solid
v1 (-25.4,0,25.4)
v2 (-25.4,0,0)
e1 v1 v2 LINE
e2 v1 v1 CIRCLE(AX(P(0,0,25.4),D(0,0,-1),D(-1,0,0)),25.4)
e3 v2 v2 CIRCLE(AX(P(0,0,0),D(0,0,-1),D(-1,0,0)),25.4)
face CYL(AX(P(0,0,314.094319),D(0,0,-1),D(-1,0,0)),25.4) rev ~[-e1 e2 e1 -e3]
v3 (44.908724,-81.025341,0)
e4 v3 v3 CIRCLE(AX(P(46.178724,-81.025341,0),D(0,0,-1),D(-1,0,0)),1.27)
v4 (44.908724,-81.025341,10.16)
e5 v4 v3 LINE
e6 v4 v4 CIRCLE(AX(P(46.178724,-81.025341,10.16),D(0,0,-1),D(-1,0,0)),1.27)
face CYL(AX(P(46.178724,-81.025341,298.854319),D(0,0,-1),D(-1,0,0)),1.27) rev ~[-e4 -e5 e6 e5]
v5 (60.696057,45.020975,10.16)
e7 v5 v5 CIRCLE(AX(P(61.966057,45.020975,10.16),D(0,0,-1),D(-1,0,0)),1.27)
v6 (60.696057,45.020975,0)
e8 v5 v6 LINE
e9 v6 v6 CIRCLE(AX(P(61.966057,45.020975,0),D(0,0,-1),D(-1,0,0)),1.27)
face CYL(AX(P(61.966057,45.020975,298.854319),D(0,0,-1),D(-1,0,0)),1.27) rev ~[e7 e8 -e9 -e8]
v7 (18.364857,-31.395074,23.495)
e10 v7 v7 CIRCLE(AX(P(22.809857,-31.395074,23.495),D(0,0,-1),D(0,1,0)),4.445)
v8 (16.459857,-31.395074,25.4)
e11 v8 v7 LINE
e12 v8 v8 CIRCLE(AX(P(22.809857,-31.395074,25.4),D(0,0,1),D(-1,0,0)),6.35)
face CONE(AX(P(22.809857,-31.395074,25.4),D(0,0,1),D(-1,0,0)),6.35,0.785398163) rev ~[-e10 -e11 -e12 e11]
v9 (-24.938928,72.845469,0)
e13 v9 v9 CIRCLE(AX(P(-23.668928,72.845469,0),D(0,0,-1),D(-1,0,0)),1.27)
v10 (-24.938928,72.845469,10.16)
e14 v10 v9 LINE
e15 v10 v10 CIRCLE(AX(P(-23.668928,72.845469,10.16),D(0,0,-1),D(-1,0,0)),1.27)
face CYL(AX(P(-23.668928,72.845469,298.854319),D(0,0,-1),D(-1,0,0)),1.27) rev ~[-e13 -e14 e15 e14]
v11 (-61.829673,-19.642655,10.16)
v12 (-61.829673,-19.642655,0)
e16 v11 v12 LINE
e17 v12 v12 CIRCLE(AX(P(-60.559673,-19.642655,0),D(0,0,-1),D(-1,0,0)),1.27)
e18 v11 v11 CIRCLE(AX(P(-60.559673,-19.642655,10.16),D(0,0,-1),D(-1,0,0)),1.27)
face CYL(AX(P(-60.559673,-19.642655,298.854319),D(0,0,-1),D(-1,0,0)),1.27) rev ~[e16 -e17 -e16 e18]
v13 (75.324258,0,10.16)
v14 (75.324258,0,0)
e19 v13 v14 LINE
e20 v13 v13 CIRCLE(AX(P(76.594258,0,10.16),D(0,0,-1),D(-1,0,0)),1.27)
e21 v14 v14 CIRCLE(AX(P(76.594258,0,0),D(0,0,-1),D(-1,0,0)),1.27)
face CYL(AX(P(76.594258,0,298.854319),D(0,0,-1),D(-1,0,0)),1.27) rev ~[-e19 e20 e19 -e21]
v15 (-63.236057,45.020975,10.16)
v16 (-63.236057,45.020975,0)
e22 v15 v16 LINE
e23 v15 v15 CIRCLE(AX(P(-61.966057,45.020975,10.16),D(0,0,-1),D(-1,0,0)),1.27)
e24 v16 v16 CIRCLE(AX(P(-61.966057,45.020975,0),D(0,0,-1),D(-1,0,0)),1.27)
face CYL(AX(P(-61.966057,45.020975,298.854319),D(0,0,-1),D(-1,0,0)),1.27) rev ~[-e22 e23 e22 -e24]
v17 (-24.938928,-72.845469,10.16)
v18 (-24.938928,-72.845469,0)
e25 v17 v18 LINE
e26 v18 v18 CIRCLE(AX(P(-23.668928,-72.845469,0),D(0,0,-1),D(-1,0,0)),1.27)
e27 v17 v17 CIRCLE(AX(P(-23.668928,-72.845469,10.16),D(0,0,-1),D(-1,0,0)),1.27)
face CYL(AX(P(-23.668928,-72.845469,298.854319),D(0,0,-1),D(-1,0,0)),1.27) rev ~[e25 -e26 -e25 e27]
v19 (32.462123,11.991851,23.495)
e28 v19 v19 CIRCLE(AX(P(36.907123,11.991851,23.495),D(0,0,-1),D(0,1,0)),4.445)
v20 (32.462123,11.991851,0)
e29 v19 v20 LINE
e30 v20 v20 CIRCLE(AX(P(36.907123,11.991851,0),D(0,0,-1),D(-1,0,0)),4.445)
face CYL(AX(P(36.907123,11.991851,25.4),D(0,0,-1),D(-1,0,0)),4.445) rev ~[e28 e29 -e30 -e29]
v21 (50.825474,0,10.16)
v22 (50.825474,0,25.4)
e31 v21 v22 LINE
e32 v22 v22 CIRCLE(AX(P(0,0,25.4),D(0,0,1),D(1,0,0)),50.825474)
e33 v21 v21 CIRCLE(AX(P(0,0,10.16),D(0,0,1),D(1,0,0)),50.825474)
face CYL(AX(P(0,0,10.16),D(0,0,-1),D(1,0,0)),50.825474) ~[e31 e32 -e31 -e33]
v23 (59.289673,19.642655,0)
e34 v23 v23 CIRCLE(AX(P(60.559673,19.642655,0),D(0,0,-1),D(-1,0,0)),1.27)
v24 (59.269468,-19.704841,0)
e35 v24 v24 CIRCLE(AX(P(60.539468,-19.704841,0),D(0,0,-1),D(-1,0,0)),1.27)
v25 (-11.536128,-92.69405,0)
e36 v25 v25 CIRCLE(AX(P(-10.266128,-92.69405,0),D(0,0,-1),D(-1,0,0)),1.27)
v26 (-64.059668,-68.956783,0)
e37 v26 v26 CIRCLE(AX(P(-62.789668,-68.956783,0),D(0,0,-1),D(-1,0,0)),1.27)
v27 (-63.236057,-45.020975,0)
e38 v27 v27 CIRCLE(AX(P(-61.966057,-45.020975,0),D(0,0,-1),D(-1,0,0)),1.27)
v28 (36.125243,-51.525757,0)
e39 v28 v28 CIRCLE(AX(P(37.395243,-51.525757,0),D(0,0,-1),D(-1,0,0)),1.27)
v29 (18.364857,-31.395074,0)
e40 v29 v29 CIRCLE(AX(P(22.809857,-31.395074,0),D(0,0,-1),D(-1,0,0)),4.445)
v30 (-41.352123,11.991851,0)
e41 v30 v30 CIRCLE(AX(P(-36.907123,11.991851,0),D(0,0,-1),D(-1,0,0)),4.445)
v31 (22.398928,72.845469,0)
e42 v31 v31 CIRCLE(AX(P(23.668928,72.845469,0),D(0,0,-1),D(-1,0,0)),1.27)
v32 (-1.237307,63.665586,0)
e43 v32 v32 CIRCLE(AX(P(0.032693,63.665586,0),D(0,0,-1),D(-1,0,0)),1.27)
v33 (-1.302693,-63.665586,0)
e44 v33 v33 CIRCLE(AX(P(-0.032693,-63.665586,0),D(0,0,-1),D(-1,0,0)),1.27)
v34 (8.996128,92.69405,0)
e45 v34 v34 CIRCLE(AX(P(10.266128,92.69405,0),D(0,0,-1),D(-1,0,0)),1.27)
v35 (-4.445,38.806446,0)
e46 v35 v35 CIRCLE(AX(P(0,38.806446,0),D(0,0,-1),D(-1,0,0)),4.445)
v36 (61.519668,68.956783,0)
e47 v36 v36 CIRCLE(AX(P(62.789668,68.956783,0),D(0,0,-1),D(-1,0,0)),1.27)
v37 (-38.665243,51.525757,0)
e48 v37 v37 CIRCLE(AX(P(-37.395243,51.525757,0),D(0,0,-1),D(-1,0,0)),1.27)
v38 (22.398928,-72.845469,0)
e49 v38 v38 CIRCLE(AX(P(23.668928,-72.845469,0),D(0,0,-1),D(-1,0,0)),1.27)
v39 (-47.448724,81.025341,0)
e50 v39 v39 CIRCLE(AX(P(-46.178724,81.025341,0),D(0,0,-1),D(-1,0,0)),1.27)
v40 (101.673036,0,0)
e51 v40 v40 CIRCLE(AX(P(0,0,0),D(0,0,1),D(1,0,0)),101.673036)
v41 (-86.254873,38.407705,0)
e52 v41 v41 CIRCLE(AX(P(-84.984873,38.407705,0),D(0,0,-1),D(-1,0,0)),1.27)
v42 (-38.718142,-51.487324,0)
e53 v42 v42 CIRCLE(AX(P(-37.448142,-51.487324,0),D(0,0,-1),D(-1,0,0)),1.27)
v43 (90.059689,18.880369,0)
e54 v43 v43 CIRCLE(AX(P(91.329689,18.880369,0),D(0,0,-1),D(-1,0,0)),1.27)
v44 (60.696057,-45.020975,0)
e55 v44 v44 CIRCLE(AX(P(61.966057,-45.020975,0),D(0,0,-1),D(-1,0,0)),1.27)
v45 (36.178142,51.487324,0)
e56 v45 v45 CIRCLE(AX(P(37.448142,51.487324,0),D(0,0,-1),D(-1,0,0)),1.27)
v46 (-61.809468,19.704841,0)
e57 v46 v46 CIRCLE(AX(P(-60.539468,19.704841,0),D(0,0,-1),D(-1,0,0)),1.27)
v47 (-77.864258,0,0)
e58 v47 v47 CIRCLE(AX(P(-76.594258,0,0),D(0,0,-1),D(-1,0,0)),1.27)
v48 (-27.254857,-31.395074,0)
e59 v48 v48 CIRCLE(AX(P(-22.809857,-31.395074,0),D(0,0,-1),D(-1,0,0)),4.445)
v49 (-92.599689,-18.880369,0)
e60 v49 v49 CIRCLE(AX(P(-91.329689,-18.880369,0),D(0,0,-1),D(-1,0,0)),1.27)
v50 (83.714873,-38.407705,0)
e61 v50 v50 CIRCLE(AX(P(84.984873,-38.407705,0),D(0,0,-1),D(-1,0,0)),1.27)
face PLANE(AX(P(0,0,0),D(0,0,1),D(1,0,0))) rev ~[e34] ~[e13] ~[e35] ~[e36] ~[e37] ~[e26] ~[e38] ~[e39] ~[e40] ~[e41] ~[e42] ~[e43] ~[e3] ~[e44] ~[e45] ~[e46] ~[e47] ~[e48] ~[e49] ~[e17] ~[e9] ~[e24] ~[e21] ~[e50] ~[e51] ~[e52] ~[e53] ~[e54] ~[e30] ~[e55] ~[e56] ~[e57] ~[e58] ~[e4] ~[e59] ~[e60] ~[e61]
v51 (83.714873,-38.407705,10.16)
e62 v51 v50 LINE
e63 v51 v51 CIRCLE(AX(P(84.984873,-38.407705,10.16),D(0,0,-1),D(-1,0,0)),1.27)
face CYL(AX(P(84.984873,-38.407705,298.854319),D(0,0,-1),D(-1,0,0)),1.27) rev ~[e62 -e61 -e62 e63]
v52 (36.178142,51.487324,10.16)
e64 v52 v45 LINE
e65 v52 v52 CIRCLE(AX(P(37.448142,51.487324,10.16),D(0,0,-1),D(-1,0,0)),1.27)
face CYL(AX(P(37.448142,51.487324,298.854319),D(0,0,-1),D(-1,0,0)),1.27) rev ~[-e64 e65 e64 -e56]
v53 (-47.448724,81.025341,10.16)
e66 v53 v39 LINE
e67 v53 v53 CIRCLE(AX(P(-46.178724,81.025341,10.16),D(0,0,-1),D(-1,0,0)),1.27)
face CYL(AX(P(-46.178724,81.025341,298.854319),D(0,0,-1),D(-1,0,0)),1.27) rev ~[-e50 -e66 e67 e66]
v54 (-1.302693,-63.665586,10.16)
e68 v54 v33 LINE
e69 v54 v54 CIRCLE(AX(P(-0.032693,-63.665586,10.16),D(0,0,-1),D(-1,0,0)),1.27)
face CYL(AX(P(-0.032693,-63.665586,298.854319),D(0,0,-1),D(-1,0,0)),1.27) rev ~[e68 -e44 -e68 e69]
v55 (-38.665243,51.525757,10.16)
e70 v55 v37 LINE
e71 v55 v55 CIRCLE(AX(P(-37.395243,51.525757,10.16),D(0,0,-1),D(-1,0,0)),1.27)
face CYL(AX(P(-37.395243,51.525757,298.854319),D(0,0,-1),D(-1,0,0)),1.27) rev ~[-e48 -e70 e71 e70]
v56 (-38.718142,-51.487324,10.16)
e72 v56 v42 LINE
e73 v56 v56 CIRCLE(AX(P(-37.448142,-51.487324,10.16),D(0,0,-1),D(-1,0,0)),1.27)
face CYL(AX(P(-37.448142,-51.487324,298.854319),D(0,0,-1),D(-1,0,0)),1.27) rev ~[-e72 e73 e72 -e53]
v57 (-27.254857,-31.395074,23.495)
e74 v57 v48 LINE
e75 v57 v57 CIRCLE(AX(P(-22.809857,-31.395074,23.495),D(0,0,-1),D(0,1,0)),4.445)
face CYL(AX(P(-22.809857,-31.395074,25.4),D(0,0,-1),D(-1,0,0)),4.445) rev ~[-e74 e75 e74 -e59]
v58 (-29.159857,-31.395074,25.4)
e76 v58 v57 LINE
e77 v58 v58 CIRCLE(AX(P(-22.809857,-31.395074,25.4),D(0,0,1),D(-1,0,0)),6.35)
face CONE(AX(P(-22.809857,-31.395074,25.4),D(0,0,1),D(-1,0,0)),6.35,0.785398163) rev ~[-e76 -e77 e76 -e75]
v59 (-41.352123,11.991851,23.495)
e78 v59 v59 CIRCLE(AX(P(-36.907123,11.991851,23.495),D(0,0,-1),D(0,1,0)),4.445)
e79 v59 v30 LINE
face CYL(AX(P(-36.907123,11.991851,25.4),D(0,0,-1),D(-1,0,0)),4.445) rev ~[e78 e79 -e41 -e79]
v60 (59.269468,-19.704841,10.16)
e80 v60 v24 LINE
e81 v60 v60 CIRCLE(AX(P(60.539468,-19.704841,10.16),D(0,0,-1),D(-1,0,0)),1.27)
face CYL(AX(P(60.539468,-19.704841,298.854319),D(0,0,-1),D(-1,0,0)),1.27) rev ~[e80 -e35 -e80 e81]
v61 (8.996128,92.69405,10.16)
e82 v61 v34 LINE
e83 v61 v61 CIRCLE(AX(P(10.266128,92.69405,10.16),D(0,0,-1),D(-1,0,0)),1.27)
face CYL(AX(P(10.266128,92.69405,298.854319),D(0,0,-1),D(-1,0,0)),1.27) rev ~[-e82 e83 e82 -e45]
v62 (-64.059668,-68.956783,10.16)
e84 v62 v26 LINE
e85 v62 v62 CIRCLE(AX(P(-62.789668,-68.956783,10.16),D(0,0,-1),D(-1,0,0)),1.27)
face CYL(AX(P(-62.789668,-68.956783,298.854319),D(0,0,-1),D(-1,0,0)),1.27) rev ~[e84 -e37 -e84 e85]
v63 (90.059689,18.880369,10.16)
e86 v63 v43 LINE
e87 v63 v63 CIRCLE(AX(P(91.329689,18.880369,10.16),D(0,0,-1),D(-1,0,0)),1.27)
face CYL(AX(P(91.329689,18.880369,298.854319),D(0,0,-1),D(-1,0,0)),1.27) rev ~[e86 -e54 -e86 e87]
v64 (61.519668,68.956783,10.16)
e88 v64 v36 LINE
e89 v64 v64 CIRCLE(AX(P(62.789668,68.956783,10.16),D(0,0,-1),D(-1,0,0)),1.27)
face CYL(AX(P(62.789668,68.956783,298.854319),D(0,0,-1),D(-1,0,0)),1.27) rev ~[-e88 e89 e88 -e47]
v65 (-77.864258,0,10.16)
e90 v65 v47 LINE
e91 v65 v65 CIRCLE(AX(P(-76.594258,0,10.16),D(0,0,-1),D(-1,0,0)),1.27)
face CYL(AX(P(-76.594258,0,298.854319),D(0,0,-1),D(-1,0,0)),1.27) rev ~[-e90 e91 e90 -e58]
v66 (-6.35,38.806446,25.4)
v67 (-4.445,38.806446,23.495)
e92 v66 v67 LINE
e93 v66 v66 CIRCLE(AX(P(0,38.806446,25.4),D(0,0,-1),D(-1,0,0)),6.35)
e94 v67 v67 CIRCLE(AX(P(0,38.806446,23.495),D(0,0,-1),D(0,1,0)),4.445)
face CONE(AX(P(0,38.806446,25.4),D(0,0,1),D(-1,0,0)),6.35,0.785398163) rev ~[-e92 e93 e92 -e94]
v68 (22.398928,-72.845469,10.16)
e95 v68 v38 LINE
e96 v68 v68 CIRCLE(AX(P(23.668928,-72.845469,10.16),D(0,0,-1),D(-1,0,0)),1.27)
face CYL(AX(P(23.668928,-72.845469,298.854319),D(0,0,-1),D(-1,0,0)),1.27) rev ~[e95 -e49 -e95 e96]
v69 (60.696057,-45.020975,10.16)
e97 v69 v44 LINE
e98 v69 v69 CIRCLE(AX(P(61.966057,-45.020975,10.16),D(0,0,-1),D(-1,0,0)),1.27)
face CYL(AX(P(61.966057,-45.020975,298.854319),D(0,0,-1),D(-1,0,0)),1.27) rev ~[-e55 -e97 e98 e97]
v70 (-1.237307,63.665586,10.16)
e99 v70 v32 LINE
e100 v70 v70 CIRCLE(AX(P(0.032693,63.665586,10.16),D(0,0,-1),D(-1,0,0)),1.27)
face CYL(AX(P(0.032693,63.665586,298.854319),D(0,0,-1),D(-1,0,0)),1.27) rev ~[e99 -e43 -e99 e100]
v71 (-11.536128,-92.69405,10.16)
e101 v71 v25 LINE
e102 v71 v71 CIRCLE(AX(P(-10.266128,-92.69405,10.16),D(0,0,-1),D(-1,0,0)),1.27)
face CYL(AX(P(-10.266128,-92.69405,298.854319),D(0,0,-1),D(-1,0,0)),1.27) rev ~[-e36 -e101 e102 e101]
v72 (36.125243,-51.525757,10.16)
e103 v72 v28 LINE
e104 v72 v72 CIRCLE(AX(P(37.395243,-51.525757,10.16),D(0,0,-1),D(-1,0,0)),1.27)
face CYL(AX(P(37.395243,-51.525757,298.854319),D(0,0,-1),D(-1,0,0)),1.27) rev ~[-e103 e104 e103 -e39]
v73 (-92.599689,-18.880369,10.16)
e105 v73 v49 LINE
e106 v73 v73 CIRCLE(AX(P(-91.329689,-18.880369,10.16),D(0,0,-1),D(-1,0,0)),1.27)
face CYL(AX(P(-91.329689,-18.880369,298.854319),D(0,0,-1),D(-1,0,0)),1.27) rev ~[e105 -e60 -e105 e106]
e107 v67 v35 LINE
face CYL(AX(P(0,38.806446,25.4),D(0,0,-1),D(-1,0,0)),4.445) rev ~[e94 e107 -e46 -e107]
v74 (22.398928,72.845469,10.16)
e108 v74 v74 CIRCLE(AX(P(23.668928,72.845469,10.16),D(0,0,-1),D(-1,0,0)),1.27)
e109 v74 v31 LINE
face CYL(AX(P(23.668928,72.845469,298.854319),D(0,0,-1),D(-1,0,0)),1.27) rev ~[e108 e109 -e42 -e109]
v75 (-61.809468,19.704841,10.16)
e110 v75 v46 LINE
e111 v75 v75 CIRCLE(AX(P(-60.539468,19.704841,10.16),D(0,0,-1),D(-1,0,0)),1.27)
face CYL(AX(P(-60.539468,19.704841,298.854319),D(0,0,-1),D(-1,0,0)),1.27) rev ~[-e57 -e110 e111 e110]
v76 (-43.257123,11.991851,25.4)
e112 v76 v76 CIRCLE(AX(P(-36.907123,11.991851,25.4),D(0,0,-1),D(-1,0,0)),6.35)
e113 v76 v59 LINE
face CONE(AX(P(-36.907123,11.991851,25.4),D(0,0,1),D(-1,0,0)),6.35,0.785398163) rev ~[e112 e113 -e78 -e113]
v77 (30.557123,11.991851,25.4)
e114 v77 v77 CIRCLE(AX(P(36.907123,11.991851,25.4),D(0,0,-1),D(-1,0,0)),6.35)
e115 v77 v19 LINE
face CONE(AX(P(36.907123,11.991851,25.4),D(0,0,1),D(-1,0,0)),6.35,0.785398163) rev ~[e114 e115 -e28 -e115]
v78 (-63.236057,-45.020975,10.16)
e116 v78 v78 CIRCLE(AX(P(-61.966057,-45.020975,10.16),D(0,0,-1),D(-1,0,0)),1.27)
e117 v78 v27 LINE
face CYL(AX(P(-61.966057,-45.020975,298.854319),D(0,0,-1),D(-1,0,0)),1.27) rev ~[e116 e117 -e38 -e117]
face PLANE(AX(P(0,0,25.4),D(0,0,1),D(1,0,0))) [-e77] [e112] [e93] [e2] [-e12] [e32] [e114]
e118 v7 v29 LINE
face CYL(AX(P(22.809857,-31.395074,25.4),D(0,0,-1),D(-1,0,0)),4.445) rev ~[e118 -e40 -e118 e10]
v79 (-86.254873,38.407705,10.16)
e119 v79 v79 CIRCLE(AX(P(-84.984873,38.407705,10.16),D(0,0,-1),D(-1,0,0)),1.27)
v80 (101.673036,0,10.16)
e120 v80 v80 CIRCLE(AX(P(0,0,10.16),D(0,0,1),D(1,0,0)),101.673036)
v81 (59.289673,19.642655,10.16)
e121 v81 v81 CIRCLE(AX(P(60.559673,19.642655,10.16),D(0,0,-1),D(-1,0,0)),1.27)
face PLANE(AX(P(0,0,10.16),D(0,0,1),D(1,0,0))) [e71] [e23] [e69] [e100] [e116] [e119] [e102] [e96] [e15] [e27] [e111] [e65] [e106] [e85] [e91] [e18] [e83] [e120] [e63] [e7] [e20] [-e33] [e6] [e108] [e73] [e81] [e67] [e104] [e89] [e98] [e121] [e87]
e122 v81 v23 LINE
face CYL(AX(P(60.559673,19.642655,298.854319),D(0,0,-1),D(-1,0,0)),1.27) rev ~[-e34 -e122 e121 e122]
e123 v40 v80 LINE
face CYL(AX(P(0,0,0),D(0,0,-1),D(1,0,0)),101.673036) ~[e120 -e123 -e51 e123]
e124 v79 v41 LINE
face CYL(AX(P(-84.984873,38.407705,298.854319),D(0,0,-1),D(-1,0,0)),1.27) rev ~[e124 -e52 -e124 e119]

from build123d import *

# Parameters (mm, degrees)
F0_R           = 101.673036
F1_DEPTH       = 10.16
F2_R           = 50.825474
F3_DEPTH       = 15.24
F5_D           = 50.8
F7_D           = 8.89
F7_CSINK_D     = 12.7
F7_CSINK_ANGLE = 90
F9_D           = 2.54


with BuildPart() as f1:
    # F0 (on Top) → F1 (new body)
    with BuildSketch(Plane.XY):
        Circle(F0_R)
    extrude(amount=F1_DEPTH)

    # F2 (on face) → F3 (join)
    with BuildSketch(Plane.XY.offset(10.16)):
        Circle(F2_R)
    extrude(amount=F3_DEPTH)

    # F5 (through all)
    with Locations(Plane.XY.offset(25.4)):
        with Locations((0, 0)):
            Hole(F5_D / 2)

    # F7 (through all)
    with Locations(Plane.XY.offset(25.4)):
        with Locations((0, 38.806446), (-36.907123, 11.991851), (-22.809857, -31.395074), (22.809857, -31.395074), (36.907123, 11.991851)):
            CounterSinkHole(F7_D / 2, F7_CSINK_D / 2, counter_sink_angle=F7_CSINK_ANGLE)

    # F9 (through all)
    with Locations(Plane.XY.offset(10.16)):
        with Locations((10.266128, 92.69405), (-46.178724, 81.025341), (-23.668928, 72.845469), (0.032693, 63.665586), (23.668928, 72.845469), (37.448142, 51.487324), (62.789668, 68.956783), (61.966057, 45.020975), (60.559673, 19.642655), (91.329689, 18.880369), (76.594258, 0), (60.539468, -19.704841), (84.984873, -38.407705), (61.966057, -45.020975), (37.395243, -51.525757), (46.178724, -81.025341), (23.668928, -72.845469), (-0.032693, -63.665586), (-10.266128, -92.69405), (-23.668928, -72.845469), (-37.448142, -51.487324), (-62.789668, -68.956783), (-61.966057, -45.020975), (-60.559673, -19.642655), (-91.329689, -18.880369), (-76.594258, 0), (-60.539468, 19.704841), (-84.984873, 38.407705), (-61.966057, 45.020975), (-37.395243, 51.525757)):
            Hole(F9_D / 2)


solid = f1.part
